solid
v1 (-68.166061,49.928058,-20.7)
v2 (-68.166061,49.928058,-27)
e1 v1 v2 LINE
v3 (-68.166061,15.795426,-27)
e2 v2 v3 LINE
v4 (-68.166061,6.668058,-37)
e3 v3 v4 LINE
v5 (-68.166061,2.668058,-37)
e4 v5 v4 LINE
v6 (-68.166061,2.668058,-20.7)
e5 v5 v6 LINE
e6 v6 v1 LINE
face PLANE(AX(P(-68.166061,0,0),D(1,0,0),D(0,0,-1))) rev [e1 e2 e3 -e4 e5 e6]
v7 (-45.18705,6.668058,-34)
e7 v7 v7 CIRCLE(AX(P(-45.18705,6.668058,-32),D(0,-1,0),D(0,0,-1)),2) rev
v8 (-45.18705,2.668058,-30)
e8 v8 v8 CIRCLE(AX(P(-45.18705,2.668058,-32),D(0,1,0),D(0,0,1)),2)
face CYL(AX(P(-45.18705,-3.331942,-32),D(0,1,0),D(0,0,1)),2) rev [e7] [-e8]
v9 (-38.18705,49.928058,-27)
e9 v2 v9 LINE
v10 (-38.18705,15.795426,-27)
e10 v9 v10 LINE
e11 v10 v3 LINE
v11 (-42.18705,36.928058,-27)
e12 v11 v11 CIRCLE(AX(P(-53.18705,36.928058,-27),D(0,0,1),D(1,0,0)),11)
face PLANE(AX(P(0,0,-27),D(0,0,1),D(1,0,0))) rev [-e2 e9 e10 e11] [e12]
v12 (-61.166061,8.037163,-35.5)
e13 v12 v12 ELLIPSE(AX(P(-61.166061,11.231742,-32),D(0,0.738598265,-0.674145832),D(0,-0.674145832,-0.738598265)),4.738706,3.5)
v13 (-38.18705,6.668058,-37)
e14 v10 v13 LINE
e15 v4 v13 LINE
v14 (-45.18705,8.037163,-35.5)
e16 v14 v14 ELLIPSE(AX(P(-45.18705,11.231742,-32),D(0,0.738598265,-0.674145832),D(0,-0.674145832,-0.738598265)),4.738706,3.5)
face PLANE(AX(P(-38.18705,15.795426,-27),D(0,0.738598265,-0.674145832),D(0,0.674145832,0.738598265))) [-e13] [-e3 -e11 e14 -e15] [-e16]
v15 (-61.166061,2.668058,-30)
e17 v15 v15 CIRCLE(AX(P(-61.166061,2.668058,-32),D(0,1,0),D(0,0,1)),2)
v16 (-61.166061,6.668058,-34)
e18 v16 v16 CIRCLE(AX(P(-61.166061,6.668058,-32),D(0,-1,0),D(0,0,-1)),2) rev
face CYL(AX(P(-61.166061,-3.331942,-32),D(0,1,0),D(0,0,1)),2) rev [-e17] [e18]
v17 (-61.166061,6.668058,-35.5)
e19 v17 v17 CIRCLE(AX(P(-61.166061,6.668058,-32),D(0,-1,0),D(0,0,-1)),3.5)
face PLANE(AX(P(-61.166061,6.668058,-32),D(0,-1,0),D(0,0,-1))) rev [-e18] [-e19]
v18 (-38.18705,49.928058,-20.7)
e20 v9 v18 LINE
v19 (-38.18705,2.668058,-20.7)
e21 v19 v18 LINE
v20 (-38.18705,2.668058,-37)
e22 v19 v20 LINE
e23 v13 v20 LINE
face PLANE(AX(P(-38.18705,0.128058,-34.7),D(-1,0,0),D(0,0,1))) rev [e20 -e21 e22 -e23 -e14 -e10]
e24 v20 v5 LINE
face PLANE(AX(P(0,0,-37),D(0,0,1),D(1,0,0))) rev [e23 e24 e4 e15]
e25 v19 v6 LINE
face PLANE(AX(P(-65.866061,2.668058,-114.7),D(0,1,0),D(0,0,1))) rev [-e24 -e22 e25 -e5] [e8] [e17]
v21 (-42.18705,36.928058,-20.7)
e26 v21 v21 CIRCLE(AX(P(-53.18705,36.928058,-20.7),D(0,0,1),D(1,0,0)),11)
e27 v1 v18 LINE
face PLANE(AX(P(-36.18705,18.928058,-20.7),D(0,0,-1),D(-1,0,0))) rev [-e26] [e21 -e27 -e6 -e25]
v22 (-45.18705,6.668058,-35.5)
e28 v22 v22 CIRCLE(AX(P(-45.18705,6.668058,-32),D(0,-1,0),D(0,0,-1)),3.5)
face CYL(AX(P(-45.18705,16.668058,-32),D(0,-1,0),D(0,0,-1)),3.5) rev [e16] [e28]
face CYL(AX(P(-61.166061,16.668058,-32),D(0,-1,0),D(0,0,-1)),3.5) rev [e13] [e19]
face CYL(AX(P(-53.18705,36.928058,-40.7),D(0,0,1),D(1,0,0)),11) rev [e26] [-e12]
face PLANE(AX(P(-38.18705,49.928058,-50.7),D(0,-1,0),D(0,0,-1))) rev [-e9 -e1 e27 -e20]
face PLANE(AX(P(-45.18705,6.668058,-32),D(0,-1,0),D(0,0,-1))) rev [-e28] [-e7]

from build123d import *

# Parameters (mm, degrees)
SKETCH1_W            = 93
SKETCH1_H            = 100
BOSS_EXTRUDE2_DEPTH  = 10
SKETCH4_W            = 10.01
SKETCH4_H            = 15
BOSS_EXTRUDE4_DEPTH  = 24
SKETCH5_R            = 2
CUT_EXTRUDE1_DEPTH   = 50
SKETCH7_R            = 11
CUT_EXTRUDE3_DEPTH   = 50
SKETCH14_W           = 61.5
SKETCH14_H           = 42
CUT_EXTRUDE8_DEPTH   = 4
SKETCH19_R           = 11
CUT_EXTRUDE11_DEPTH  = 15
SKETCH20_R           = 2
CUT_EXTRUDE12_DEPTH  = 10
SKETCH21_W           = 40
SKETCH21_H           = 6
BOSS_EXTRUDE5_DEPTH  = 27
SKETCH22_W           = 40
SKETCH22_H           = 6.3
BOSS_EXTRUDE7_DEPTH  = 40
SKETCH23_R           = 8
CUT_EXTRUDE13_DEPTH  = 40
SKETCH24_W           = 118.277817783
SKETCH24_H           = 41.8
CUT_EXTRUDE14_DEPTH  = 40
SKETCH25_W           = 31.5
SKETCH25_H           = 23.2
CUT_EXTRUDE15_DEPTH  = 20
CUT_EXTRUDE18_DEPTH  = 3
SKETCH27_R           = 4.1
SKETCH27_R_2         = 4
CUT_EXTRUDE29_DEPTH  = 3
SKETCH28_W           = 29.5
SKETCH28_H           = 58.2
CUT_EXTRUDE30_DEPTH  = 23
SKETCH29_W           = 32
SKETCH29_H           = 4
CUT_EXTRUDE31_DEPTH  = 23
SKETCH31_W           = 32
SKETCH31_H           = 6
BOSS_EXTRUDE9_DEPTH  = 6.6
SKETCH32_W           = 32
SKETCH32_H           = 6
BOSS_EXTRUDE10_DEPTH = 10
SKETCH33_R           = 2
CUT_EXTRUDE32_DEPTH  = 10
BOSS_EXTRUDE11_START = -32
BOSS_EXTRUDE11_DEPTH = 32
SKETCH35_R           = 3.5
CUT_EXTRUDE33_DEPTH  = 10
SKETCH36_W           = 40
SKETCH36_H           = 6.3
BOSS_EXTRUDE12_DEPTH = 18.8
SKETCH37_W           = 40
SKETCH37_H           = 6
BOSS_EXTRUDE13_DEPTH = 16
SKETCH38_R           = 2
CUT_EXTRUDE34_DEPTH  = 16
BOSS_EXTRUDE14_DEPTH = 40
SKETCH40_R           = 3.5
CUT_EXTRUDE35_DEPTH  = 16
SKETCH41_W           = 16
SKETCH41_H           = 64.8
CUT_EXTRUDE36_DEPTH  = 76
SKETCH42_W           = 20.7
SKETCH42_H           = 6
CUT_EXTRUDE37_DEPTH  = 76
SKETCH43_W           = 10.32098901
SKETCH43_H           = 73.075116481
CUT_EXTRUDE38_DEPTH  = 30
SKETCH44_W           = 2
SKETCH44_H           = 70.783229749
CUT_EXTRUDE39_DEPTH  = 30
SKETCH45_W           = 27.67901099
SKETCH45_H           = 15
CUT_EXTRUDE40_DEPTH  = 30
SKETCH46_W           = 27.67901099
SKETCH46_H           = 2.54
CUT_EXTRUDE41_DEPTH  = 110
SKETCH47_R           = 11
CUT_EXTRUDE42_DEPTH  = 20
BOSS_EXTRUDE16_DEPTH = 2.3
CUT_EXTRUDE43_DEPTH  = 50
SKETCH51_W           = 29.97901099
SKETCH51_H           = 4
BOSS_EXTRUDE17_DEPTH = 10
SKETCH52_R           = 2
CUT_EXTRUDE44_DEPTH  = 10
BOSS_EXTRUDE18_DEPTH = 29.979011
SKETCH54_R           = 3.5
CUT_EXTRUDE45_DEPTH  = 10


with BuildPart() as part:
    # Sketch1 → Boss-Extrude2 (new body)
    with BuildSketch(Plane.XY):
        with Locations((-29.68705036, 14.928057554)):
            Rectangle(SKETCH1_W, SKETCH1_H)
    extrude(amount=BOSS_EXTRUDE2_DEPTH)

    # Sketch4 → Boss-Extrude4 (add)
    with BuildSketch(Plane(origin=(16.81294964, 0, 0), x_dir=(0, 0, -1), z_dir=(1, 0, 0))):
        with Locations((-4.995, -12.571942446)):
            Rectangle(SKETCH4_W, SKETCH4_H)
    extrude(amount=BOSS_EXTRUDE4_DEPTH)

    # Sketch5 → Cut-Extrude1 (cut)
    with BuildSketch(Plane(origin=(0, -5.071942446, 0), x_dir=(1, 0, 0), z_dir=(0, 1, 0))):
        with Locations(Location((26.81294964, -5, 0), (0, 0, 180))):
            Circle(SKETCH5_R)
    extrude(amount=-CUT_EXTRUDE1_DEPTH, mode=Mode.SUBTRACT)

    # Sketch7 → Cut-Extrude3 (cut)
    with BuildSketch(Plane(origin=(0, 0, 0), x_dir=(-1, 0, 0), z_dir=(0, 0, -1))):
        with Locations((24.18705036, 36.928057554)):
            Circle(SKETCH7_R)
    extrude(amount=-CUT_EXTRUDE3_DEPTH, mode=Mode.SUBTRACT)

    # Sketch14 → Cut-Extrude8 (cut)
    with BuildSketch(Plane.XY.offset(10)):
        with Locations((-13.93705036, 36.789132279)):
            Rectangle(SKETCH14_W, SKETCH14_H)
    extrude(amount=-CUT_EXTRUDE8_DEPTH, mode=Mode.SUBTRACT)

    # Sketch19 → Cut-Extrude11 (cut)
    with BuildSketch(Plane(origin=(0, 0, 0), x_dir=(-1, 0, 0), z_dir=(0, 0, -1))):
        with Locations((53.18705036, 36.928057554)):
            Circle(SKETCH19_R)
    extrude(amount=-CUT_EXTRUDE11_DEPTH, mode=Mode.SUBTRACT)

    # Sketch20 → Cut-Extrude12 (cut)
    with BuildSketch(Plane.XY.offset(6)):
        with Locations((-34.68705036, 50.928057554)):
            Circle(SKETCH20_R)
        with Locations((5.31294964, 50.928057554)):
            Circle(SKETCH20_R)
        with Locations((-34.68705036, 22.928057554)):
            Circle(SKETCH20_R)
        with Locations((5.31294964, 22.928057554)):
            Circle(SKETCH20_R)
    extrude(amount=-CUT_EXTRUDE12_DEPTH, mode=Mode.SUBTRACT)

    # Sketch21 → Boss-Extrude5 (add)
    with BuildSketch(Plane(origin=(0, 0, 0), x_dir=(-1, 0, 0), z_dir=(0, 0, -1))):
        with Locations((56.18705036, 61.928057554)):
            Rectangle(SKETCH21_W, SKETCH21_H)
    extrude(amount=BOSS_EXTRUDE5_DEPTH)

    # Sketch22 → Boss-Extrude7 (add)
    with BuildSketch(Plane.XZ.offset(-58.928057554)):
        with Locations((-56.18705036, -23.85)):
            Rectangle(SKETCH22_W, SKETCH22_H)
    extrude(amount=BOSS_EXTRUDE7_DEPTH)

    # Sketch23 → Cut-Extrude13 (cut)
    with BuildSketch(Plane.XY.offset(10)):
        with Locations((-53.18705036, 36.928057554)):
            Circle(SKETCH23_R)
    extrude(amount=-CUT_EXTRUDE13_DEPTH, mode=Mode.SUBTRACT)

    # Sketch24 → Cut-Extrude14 (cut)
    with BuildSketch(Plane.XY.offset(10)):
        with Locations((-17.048141468, -14.171942446)):
            Rectangle(SKETCH24_W, SKETCH24_H)
    extrude(amount=-CUT_EXTRUDE14_DEPTH, mode=Mode.SUBTRACT)

    # Sketch25 → Cut-Extrude15 (cut)
    with BuildSketch(Plane.XY.offset(10)):
        with Locations((-60.43705036, 18.328057554)):
            Rectangle(SKETCH25_W, SKETCH25_H)
    extrude(amount=-CUT_EXTRUDE15_DEPTH, mode=Mode.SUBTRACT)

    # Sketch26 → Cut-Extrude18 (cut)
    with BuildSketch(Plane.XY.offset(6)):
        with BuildLine():
            Line((14.30212304, 57.789132279), (6.863398886, 57.789132279))
            Line((6.863398886, 57.789132279), (6.863398886, 54.615347499))
            ThreePointArc((6.863398886, 54.615347499), (8.24773413, 53.645968516), (9.108195728, 52.191428892))
            Line((9.108195728, 52.191428892), (14.30212304, 52.191428892))
            Line((14.30212304, 52.191428892), (14.30212304, 57.789132279))
        make_face()
        with BuildLine():
            Line((6.863398886, 19.240767609), (6.863398886, 15.789132279))
            Line((6.863398886, 15.789132279), (14.30212304, 15.789132279))
            Line((14.30212304, 15.789132279), (14.30212304, 20.928057554))
            Line((14.30212304, 20.928057554), (8.777051255, 20.928057554))
            ThreePointArc((8.777051255, 20.928057554), (7.95835451, 19.927752057), (6.863398886, 19.240767609))
        make_face()
        with BuildLine():
            Line((-36.237499605, 57.789132279), (-44.68705036, 57.789132279))
            Line((-44.68705036, 57.789132279), (-44.68705036, 52.191428892))
            Line((-44.68705036, 52.191428892), (-38.482296447, 52.191428892))
            ThreePointArc((-38.482296447, 52.191428892), (-37.621834849, 53.645968516), (-36.237499605, 54.615347499))
            Line((-36.237499605, 54.615347499), (-36.237499605, 57.789132279))
        make_face()
        with BuildLine():
            Line((-44.68705036, 21.664686216), (-44.68705036, 15.789132279))
            Line((-44.68705036, 15.789132279), (-36.237499605, 15.789132279))
            Line((-36.237499605, 15.789132279), (-36.237499605, 19.240767609))
            ThreePointArc((-36.237499605, 19.240767609), (-37.621834849, 20.210146592), (-38.482296447, 21.664686216))
            Line((-38.482296447, 21.664686216), (-44.68705036, 21.664686216))
        make_face()
    extrude(amount=-CUT_EXTRUDE18_DEPTH, mode=Mode.SUBTRACT)

    # Sketch27 → Cut-Extrude29 (cut)
    with BuildSketch(Plane.XY.offset(6)):
        with Locations((5.31294964, 50.928057554)):
            Circle(SKETCH27_R)
        with Locations((5.31294964, 22.928057554)):
            Circle(SKETCH27_R_2)
        with Locations((-34.68705036, 50.928057554)):
            Circle(SKETCH27_R)
        with Locations((-34.68705036, 22.928057554)):
            Circle(SKETCH27_R)
    extrude(amount=-CUT_EXTRUDE29_DEPTH, mode=Mode.SUBTRACT)

    # Sketch28 → Cut-Extrude30 (cut)
    with BuildSketch(Plane(origin=(0, 0, 0), x_dir=(-1, 0, 0), z_dir=(0, 0, -1))):
        with Locations((-2.06294964, 35.828057554)):
            Rectangle(SKETCH28_W, SKETCH28_H)
    extrude(amount=-CUT_EXTRUDE30_DEPTH, mode=Mode.SUBTRACT)

    # Sketch29 → Cut-Extrude31 (cut)
    with BuildSketch(Plane(origin=(0, 15.789132279, 0), x_dir=(1, 0, 0), z_dir=(0, 1, 0))):
        with Locations((-28.68705036, -8)):
            Rectangle(SKETCH29_W, SKETCH29_H)
    extrude(amount=-CUT_EXTRUDE31_DEPTH, mode=Mode.SUBTRACT)

    # Sketch31 → Boss-Extrude9 (add)
    with BuildSketch(Plane.XZ.offset(-6.728057554)):
        with Locations((-28.68705036, 3)):
            Rectangle(SKETCH31_W, SKETCH31_H)
    extrude(amount=BOSS_EXTRUDE9_DEPTH)

    # Sketch32 → Boss-Extrude10 (add)
    with BuildSketch(Plane.XY.offset(6)):
        with Locations((-28.68705036, 3.128057554)):
            Rectangle(SKETCH32_W, SKETCH32_H)
    extrude(amount=BOSS_EXTRUDE10_DEPTH)

    # Sketch33 → Cut-Extrude32 (cut)
    with BuildSketch(Plane(origin=(0, 6.128057554, 0), x_dir=(1, 0, 0), z_dir=(0, 1, 0))):
        with Locations(Location((-37.68705036, -11, 0), (0, 0, 270))):
            Circle(SKETCH33_R)
        with Locations(Location((-19.68705036, -11, 0), (0, 0, 270))):
            Circle(SKETCH33_R)
    extrude(amount=-CUT_EXTRUDE32_DEPTH, mode=Mode.SUBTRACT)

    # Sketch34 → Boss-Extrude11 (add)
    with BuildSketch(Plane(origin=(-12.68705036, 0, 0), x_dir=(0, 0, -1), z_dir=(1, 0, 0)).offset(BOSS_EXTRUDE11_START)):
        Polygon((-16, 6.128057554), (-6, 6.128057554), (-6, 14.058360342), align=None)
    extrude(amount=BOSS_EXTRUDE11_DEPTH)

    # Sketch35 → Cut-Extrude33 (cut)
    with BuildSketch(Plane.XZ.offset(-6.128057554)):
        with Locations((-19.68705036, 11)):
            Circle(SKETCH35_R)
        with Locations((-37.68705036, 11)):
            Circle(SKETCH35_R)
    extrude(amount=-CUT_EXTRUDE33_DEPTH, mode=Mode.SUBTRACT)

    # Sketch36 → Boss-Extrude12 (add)
    with BuildSketch(Plane.XZ.offset(-18.928057554)):
        with Locations((-56.18705036, -23.85)):
            Rectangle(SKETCH36_W, SKETCH36_H)
    extrude(amount=BOSS_EXTRUDE12_DEPTH)

    # Sketch37 → Boss-Extrude13 (add)
    with BuildSketch(Plane.XY.offset(-20.7)):
        with Locations((-56.18705036, 3.128057554)):
            Rectangle(SKETCH37_W, SKETCH37_H)
    extrude(amount=BOSS_EXTRUDE13_DEPTH)

    # Sketch38 → Cut-Extrude34 (cut)
    with BuildSketch(Plane(origin=(0, 6.128057554, 0), x_dir=(1, 0, 0), z_dir=(0, 1, 0))):
        with Locations(Location((-58.18705036, 10.7, 0), (0, 0, 180))):
            Circle(SKETCH38_R)
        with Locations(Location((-45.18705036, 10.7, 0), (0, 0, 180))):
            Circle(SKETCH38_R)
    extrude(amount=-CUT_EXTRUDE34_DEPTH, mode=Mode.SUBTRACT)

    # Sketch39 → Boss-Extrude14 (add)
    with BuildSketch(Plane(origin=(-36.18705036, 0, 0), x_dir=(0, 0, -1), z_dir=(1, 0, 0))):
        Polygon((4.7, 6.128057554), (20.7, 18.878141719), (20.7, 6.128057554), align=None)
    extrude(amount=-BOSS_EXTRUDE14_DEPTH)

    # Sketch40 → Cut-Extrude35 (cut)
    with BuildSketch(Plane.XZ.offset(-6.128057554)):
        with Locations(Location((-45.18705036, -10.7, 0), (0, 0, 270))):
            Circle(SKETCH40_R)
        with Locations(Location((-58.18705036, -10.7, 0), (0, 0, 270))):
            Circle(SKETCH40_R)
    extrude(amount=-CUT_EXTRUDE35_DEPTH, mode=Mode.SUBTRACT)

    # Sketch41 → Cut-Extrude36 (cut)
    with BuildSketch(Plane(origin=(-12.68705036, 0, 0), x_dir=(0, 0, -1), z_dir=(1, 0, 0))):
        with Locations((-8, 32.528057554)):
            Rectangle(SKETCH41_W, SKETCH41_H)
    extrude(amount=-CUT_EXTRUDE36_DEPTH, mode=Mode.SUBTRACT)

    # Sketch42 → Cut-Extrude37 (cut)
    with BuildSketch(Plane(origin=(-36.18705036, 0, 0), x_dir=(0, 0, -1), z_dir=(1, 0, 0))):
        with Locations((10.35, 61.928057554)):
            Rectangle(SKETCH42_W, SKETCH42_H)
    extrude(amount=-CUT_EXTRUDE37_DEPTH, mode=Mode.SUBTRACT)

    # Sketch43 → Cut-Extrude38 (cut)
    with BuildSketch(Plane.XY.offset(-4.7)):
        with Locations((-71.026555855, 36.665615794)):
            Rectangle(SKETCH43_W, SKETCH43_H)
    extrude(amount=-CUT_EXTRUDE38_DEPTH, mode=Mode.SUBTRACT)

    # Sketch44 → Cut-Extrude39 (cut)
    with BuildSketch(Plane.XY.offset(-4.7)):
        with Locations((-37.18705036, 35.519672429)):
            Rectangle(SKETCH44_W, SKETCH44_H)
    extrude(amount=-CUT_EXTRUDE39_DEPTH, mode=Mode.SUBTRACT)

    # Sketch45 → Cut-Extrude40 (cut)
    with BuildSketch(Plane.XY.offset(-20.7)):
        with Locations((-52.026555855, 57.428057554)):
            Rectangle(SKETCH45_W, SKETCH45_H)
    extrude(amount=-CUT_EXTRUDE40_DEPTH, mode=Mode.SUBTRACT)

    # Sketch46 → Cut-Extrude41 (cut)
    with BuildSketch(Plane.XY.offset(-4.7)):
        with Locations((-52.026555855, 1.398057554)):
            Rectangle(SKETCH46_W, SKETCH46_H)
    extrude(amount=-CUT_EXTRUDE41_DEPTH, mode=Mode.SUBTRACT)

    # Sketch47 → Cut-Extrude42 (cut)
    with BuildSketch(Plane.XY.offset(-20.7)):
        with Locations((-53.18705036, 36.928057554)):
            Circle(SKETCH47_R)
    extrude(amount=-CUT_EXTRUDE42_DEPTH, mode=Mode.SUBTRACT)

    # Sketch48 → Boss-Extrude16 (add)
    with BuildSketch(Plane.ZY.offset(65.86606135)):
        Polygon((-27, 49.928057554), (-20.7, 49.928057554), (-20.7, 18.878141719), (-4.7, 6.128057554), (-4.7, 2.668057554), (-27, 2.668057554), align=None)
    extrude(amount=BOSS_EXTRUDE16_DEPTH)

    # Sketch49 → Cut-Extrude43 (cut)
    with BuildSketch(Plane.ZY.offset(68.16606135)):
        Polygon((-4.7, 2.668057554), (-4.7, 6.128057554), (-20.7, 18.878141719), (-20.7, 2.668057554), align=None)
    extrude(amount=-CUT_EXTRUDE43_DEPTH, mode=Mode.SUBTRACT)

    # Sketch51 → Boss-Extrude17 (add)
    with BuildSketch(Plane(origin=(0, 0, -27), x_dir=(-1, 0, 0), z_dir=(0, 0, -1))):
        with Locations((53.176555855, 4.668057554)):
            Rectangle(SKETCH51_W, SKETCH51_H)
    extrude(amount=BOSS_EXTRUDE17_DEPTH)

    # Sketch52 → Cut-Extrude44 (cut)
    with BuildSketch(Plane(origin=(0, 6.668057554, 0), x_dir=(1, 0, 0), z_dir=(0, 1, 0))):
        with Locations(Location((-45.18705036, 32, 0), (0, 0, 270))):
            Circle(SKETCH52_R)
        with Locations(Location((-61.16606135, 32, 0), (0, 0, 270))):
            Circle(SKETCH52_R)
    extrude(amount=-CUT_EXTRUDE44_DEPTH, mode=Mode.SUBTRACT)

    # Sketch53 → Boss-Extrude18 (add)
    with BuildSketch(Plane.ZY.offset(68.16606135)):
        Polygon((-37, 6.668057554), (-27, 6.668057554), (-27, 15.795425769), align=None)
    extrude(amount=-BOSS_EXTRUDE18_DEPTH)

    # Sketch54 → Cut-Extrude45 (cut)
    with BuildSketch(Plane.XZ.offset(-6.668057554)):
        with Locations(Location((-61.16606135, -32, 0), (0, 0, 270))):
            Circle(SKETCH54_R)
        with Locations(Location((-45.18705036, -32, 0), (0, 0, 270))):
            Circle(SKETCH54_R)
    extrude(amount=-CUT_EXTRUDE45_DEPTH, mode=Mode.SUBTRACT)


solid = part.part
